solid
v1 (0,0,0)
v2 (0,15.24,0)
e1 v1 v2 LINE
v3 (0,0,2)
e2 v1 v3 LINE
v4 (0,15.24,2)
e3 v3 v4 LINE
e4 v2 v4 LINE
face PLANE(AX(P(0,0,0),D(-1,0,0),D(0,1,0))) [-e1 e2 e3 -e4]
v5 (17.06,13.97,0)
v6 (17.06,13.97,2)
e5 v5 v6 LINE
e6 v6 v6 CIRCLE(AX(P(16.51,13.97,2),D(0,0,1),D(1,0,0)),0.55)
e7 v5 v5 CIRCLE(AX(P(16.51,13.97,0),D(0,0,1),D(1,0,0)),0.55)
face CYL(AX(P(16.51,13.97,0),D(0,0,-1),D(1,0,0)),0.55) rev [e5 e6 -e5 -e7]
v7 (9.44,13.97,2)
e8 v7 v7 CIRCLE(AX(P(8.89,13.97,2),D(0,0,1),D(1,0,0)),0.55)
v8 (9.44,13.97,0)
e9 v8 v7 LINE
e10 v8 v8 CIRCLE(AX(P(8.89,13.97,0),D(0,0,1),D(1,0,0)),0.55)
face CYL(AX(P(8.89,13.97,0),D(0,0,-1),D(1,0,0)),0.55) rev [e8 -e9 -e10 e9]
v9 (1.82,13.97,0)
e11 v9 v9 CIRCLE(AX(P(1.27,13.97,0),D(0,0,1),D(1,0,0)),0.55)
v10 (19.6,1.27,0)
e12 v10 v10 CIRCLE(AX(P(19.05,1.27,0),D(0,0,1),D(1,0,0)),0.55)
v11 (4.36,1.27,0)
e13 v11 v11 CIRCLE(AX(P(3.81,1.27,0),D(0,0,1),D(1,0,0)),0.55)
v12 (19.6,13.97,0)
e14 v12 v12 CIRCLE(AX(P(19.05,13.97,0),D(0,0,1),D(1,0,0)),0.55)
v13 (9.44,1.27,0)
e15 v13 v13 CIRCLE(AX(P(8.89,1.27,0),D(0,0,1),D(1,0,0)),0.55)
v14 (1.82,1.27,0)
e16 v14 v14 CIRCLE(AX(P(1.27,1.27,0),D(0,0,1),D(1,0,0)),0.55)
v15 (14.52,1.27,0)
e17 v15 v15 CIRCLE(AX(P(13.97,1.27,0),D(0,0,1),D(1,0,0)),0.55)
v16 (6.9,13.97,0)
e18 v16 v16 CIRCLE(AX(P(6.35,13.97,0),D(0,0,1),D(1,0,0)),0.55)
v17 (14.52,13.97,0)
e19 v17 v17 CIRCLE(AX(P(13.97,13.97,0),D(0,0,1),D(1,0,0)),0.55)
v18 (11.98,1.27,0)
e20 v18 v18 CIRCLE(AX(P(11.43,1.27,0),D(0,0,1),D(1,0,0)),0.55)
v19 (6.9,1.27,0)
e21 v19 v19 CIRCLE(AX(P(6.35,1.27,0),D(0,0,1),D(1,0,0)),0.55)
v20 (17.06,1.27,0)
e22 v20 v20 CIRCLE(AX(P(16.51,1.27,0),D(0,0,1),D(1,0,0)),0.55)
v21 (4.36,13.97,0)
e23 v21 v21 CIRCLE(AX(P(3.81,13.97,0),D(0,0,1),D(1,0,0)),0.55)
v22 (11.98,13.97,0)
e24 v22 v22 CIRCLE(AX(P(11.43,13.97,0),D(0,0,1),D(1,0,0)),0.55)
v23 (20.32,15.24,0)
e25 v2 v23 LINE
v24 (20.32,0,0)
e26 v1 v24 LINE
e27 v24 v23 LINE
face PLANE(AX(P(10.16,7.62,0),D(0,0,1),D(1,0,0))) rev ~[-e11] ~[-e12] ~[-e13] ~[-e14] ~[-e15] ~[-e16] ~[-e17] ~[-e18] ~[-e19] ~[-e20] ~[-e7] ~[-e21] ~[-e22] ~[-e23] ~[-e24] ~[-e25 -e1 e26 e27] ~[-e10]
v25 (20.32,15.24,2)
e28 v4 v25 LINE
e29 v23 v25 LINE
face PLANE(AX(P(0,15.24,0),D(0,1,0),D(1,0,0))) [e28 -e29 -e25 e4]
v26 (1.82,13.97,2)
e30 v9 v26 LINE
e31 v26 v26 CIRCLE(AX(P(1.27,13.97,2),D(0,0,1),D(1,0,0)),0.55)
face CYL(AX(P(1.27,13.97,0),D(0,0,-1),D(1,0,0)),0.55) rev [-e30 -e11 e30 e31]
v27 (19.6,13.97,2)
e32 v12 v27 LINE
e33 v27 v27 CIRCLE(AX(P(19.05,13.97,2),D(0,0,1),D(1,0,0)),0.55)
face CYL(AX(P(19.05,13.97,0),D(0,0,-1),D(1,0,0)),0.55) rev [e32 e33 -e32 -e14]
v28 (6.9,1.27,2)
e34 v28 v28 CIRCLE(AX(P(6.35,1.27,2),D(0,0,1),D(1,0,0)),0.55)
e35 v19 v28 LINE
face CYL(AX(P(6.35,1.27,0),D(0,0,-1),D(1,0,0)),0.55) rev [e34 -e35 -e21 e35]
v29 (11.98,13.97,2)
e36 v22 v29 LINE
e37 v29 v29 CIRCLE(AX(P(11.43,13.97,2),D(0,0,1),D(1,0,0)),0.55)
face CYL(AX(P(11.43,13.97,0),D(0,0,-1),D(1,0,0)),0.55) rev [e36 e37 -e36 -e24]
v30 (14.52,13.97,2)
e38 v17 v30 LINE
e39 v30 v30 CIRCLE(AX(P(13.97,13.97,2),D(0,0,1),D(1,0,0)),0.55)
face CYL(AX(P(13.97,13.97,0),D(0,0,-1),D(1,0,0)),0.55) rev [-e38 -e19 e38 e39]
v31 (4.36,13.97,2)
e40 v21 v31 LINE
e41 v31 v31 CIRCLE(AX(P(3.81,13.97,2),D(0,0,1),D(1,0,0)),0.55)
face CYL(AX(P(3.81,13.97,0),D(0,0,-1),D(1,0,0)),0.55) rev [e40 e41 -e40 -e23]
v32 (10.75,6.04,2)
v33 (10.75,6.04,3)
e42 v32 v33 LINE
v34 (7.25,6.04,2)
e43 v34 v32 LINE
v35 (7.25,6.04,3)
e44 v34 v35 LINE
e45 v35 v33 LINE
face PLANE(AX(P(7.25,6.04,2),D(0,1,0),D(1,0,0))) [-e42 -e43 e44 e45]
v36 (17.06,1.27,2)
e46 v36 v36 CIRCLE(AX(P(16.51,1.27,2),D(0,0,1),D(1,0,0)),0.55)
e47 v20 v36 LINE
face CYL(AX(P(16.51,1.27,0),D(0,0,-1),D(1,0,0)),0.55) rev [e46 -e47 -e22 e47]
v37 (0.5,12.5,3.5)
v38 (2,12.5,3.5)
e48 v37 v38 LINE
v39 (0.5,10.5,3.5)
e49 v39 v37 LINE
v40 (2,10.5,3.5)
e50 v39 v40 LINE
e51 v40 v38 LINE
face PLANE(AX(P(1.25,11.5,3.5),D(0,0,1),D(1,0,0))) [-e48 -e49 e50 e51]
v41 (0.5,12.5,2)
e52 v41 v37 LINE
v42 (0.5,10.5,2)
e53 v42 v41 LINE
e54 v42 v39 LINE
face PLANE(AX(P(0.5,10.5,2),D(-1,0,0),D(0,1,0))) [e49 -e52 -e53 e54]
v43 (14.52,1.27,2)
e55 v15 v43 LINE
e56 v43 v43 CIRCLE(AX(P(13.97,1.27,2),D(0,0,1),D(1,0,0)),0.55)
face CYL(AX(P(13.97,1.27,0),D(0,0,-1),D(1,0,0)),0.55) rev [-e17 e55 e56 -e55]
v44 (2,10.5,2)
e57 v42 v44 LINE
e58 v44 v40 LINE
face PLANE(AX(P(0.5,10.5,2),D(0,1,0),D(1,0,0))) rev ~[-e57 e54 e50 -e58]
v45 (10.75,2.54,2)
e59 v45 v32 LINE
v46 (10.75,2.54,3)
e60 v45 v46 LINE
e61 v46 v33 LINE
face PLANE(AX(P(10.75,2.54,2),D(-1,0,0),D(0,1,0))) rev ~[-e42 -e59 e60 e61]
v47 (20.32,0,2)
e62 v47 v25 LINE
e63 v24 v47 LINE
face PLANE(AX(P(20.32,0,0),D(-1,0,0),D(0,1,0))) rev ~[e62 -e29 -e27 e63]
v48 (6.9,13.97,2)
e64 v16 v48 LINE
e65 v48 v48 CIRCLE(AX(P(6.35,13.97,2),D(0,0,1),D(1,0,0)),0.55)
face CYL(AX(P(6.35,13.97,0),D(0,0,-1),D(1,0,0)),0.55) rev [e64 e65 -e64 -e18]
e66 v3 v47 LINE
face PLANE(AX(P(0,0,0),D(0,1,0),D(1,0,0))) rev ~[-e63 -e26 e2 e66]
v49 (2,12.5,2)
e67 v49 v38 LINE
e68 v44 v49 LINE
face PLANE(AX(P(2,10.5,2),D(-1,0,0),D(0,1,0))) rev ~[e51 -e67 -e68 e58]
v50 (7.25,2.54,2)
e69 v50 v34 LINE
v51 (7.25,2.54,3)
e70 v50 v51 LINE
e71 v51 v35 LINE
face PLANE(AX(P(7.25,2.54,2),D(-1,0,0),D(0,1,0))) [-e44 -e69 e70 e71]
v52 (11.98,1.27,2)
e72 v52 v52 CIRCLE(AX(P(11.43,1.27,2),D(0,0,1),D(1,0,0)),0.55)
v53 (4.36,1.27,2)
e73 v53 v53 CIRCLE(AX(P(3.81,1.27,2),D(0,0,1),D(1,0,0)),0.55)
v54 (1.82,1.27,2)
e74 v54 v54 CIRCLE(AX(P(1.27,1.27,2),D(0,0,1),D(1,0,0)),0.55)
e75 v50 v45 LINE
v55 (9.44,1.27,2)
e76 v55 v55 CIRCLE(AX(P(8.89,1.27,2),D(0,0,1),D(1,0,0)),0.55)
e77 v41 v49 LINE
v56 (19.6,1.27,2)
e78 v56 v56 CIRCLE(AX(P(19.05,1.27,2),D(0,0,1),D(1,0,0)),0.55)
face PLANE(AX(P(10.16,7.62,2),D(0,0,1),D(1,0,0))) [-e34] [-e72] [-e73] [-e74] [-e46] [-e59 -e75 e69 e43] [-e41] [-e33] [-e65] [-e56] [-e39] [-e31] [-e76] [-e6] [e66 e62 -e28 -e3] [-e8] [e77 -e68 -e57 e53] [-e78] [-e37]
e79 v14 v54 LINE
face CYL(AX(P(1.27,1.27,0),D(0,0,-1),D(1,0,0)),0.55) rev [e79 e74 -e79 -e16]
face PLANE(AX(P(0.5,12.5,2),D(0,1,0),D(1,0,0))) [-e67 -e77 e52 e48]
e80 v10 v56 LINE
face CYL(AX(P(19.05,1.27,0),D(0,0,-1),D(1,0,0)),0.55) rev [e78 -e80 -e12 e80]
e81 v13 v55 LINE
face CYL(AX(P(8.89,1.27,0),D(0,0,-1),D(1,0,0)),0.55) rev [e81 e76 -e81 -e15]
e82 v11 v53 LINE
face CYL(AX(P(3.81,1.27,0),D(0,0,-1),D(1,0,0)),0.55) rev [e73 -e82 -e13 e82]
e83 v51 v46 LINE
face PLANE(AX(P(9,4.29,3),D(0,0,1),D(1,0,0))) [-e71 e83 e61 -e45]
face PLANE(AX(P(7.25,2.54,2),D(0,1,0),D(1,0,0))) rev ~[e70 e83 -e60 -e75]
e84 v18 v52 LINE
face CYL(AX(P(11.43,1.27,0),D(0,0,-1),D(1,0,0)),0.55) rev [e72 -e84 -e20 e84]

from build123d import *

# Parameters (mm, degrees)
F0_W     = 20.32
F0_H     = 15.24
F0_R     = 0.55
F1_DEPTH = 2
F3_W     = 1.5
F3_H     = 2
F4_DEPTH = 1.5
F3_W_2   = 3.5
F3_H_2   = 3.5
F5_DEPTH = 1


with BuildPart() as f1:
    # F0 (on Top) → F1 (new body)
    with BuildSketch(Plane.XY):
        with Locations((10.16, 7.62)):
            Rectangle(F0_W, F0_H)
        with Locations((1.27, 1.27)):
            Circle(F0_R, mode=Mode.SUBTRACT)
        with Locations((3.81, 1.27)):
            Circle(F0_R, mode=Mode.SUBTRACT)
        with Locations((6.35, 1.27)):
            Circle(F0_R, mode=Mode.SUBTRACT)
        with Locations((8.89, 1.27)):
            Circle(F0_R, mode=Mode.SUBTRACT)
        with Locations((11.43, 1.27)):
            Circle(F0_R, mode=Mode.SUBTRACT)
        with Locations((13.97, 1.27)):
            Circle(F0_R, mode=Mode.SUBTRACT)
        with Locations((16.51, 1.27)):
            Circle(F0_R, mode=Mode.SUBTRACT)
        with Locations((19.05, 1.27)):
            Circle(F0_R, mode=Mode.SUBTRACT)
        with Locations((1.27, 13.97)):
            Circle(F0_R, mode=Mode.SUBTRACT)
        with Locations((3.81, 13.97)):
            Circle(F0_R, mode=Mode.SUBTRACT)
        with Locations((6.35, 13.97)):
            Circle(F0_R, mode=Mode.SUBTRACT)
        with Locations((8.89, 13.97)):
            Circle(F0_R, mode=Mode.SUBTRACT)
        with Locations((11.43, 13.97)):
            Circle(F0_R, mode=Mode.SUBTRACT)
        with Locations((13.97, 13.97)):
            Circle(F0_R, mode=Mode.SUBTRACT)
        with Locations((16.51, 13.97)):
            Circle(F0_R, mode=Mode.SUBTRACT)
        with Locations((19.05, 13.97)):
            Circle(F0_R, mode=Mode.SUBTRACT)
    extrude(amount=F1_DEPTH)

    # F3 (on offset) → F4 (join)
    with BuildSketch(Plane.XY.offset(2)):
        with Locations((1.25, 11.5)):
            Rectangle(F3_W, F3_H)
    extrude(amount=F4_DEPTH)

    # F3 (on offset) → F5 (join)
    with BuildSketch(Plane.XY.offset(2)):
        with Locations((9, 4.29)):
            Rectangle(F3_W_2, F3_H_2)
    extrude(amount=F5_DEPTH)


solid = f1.part
